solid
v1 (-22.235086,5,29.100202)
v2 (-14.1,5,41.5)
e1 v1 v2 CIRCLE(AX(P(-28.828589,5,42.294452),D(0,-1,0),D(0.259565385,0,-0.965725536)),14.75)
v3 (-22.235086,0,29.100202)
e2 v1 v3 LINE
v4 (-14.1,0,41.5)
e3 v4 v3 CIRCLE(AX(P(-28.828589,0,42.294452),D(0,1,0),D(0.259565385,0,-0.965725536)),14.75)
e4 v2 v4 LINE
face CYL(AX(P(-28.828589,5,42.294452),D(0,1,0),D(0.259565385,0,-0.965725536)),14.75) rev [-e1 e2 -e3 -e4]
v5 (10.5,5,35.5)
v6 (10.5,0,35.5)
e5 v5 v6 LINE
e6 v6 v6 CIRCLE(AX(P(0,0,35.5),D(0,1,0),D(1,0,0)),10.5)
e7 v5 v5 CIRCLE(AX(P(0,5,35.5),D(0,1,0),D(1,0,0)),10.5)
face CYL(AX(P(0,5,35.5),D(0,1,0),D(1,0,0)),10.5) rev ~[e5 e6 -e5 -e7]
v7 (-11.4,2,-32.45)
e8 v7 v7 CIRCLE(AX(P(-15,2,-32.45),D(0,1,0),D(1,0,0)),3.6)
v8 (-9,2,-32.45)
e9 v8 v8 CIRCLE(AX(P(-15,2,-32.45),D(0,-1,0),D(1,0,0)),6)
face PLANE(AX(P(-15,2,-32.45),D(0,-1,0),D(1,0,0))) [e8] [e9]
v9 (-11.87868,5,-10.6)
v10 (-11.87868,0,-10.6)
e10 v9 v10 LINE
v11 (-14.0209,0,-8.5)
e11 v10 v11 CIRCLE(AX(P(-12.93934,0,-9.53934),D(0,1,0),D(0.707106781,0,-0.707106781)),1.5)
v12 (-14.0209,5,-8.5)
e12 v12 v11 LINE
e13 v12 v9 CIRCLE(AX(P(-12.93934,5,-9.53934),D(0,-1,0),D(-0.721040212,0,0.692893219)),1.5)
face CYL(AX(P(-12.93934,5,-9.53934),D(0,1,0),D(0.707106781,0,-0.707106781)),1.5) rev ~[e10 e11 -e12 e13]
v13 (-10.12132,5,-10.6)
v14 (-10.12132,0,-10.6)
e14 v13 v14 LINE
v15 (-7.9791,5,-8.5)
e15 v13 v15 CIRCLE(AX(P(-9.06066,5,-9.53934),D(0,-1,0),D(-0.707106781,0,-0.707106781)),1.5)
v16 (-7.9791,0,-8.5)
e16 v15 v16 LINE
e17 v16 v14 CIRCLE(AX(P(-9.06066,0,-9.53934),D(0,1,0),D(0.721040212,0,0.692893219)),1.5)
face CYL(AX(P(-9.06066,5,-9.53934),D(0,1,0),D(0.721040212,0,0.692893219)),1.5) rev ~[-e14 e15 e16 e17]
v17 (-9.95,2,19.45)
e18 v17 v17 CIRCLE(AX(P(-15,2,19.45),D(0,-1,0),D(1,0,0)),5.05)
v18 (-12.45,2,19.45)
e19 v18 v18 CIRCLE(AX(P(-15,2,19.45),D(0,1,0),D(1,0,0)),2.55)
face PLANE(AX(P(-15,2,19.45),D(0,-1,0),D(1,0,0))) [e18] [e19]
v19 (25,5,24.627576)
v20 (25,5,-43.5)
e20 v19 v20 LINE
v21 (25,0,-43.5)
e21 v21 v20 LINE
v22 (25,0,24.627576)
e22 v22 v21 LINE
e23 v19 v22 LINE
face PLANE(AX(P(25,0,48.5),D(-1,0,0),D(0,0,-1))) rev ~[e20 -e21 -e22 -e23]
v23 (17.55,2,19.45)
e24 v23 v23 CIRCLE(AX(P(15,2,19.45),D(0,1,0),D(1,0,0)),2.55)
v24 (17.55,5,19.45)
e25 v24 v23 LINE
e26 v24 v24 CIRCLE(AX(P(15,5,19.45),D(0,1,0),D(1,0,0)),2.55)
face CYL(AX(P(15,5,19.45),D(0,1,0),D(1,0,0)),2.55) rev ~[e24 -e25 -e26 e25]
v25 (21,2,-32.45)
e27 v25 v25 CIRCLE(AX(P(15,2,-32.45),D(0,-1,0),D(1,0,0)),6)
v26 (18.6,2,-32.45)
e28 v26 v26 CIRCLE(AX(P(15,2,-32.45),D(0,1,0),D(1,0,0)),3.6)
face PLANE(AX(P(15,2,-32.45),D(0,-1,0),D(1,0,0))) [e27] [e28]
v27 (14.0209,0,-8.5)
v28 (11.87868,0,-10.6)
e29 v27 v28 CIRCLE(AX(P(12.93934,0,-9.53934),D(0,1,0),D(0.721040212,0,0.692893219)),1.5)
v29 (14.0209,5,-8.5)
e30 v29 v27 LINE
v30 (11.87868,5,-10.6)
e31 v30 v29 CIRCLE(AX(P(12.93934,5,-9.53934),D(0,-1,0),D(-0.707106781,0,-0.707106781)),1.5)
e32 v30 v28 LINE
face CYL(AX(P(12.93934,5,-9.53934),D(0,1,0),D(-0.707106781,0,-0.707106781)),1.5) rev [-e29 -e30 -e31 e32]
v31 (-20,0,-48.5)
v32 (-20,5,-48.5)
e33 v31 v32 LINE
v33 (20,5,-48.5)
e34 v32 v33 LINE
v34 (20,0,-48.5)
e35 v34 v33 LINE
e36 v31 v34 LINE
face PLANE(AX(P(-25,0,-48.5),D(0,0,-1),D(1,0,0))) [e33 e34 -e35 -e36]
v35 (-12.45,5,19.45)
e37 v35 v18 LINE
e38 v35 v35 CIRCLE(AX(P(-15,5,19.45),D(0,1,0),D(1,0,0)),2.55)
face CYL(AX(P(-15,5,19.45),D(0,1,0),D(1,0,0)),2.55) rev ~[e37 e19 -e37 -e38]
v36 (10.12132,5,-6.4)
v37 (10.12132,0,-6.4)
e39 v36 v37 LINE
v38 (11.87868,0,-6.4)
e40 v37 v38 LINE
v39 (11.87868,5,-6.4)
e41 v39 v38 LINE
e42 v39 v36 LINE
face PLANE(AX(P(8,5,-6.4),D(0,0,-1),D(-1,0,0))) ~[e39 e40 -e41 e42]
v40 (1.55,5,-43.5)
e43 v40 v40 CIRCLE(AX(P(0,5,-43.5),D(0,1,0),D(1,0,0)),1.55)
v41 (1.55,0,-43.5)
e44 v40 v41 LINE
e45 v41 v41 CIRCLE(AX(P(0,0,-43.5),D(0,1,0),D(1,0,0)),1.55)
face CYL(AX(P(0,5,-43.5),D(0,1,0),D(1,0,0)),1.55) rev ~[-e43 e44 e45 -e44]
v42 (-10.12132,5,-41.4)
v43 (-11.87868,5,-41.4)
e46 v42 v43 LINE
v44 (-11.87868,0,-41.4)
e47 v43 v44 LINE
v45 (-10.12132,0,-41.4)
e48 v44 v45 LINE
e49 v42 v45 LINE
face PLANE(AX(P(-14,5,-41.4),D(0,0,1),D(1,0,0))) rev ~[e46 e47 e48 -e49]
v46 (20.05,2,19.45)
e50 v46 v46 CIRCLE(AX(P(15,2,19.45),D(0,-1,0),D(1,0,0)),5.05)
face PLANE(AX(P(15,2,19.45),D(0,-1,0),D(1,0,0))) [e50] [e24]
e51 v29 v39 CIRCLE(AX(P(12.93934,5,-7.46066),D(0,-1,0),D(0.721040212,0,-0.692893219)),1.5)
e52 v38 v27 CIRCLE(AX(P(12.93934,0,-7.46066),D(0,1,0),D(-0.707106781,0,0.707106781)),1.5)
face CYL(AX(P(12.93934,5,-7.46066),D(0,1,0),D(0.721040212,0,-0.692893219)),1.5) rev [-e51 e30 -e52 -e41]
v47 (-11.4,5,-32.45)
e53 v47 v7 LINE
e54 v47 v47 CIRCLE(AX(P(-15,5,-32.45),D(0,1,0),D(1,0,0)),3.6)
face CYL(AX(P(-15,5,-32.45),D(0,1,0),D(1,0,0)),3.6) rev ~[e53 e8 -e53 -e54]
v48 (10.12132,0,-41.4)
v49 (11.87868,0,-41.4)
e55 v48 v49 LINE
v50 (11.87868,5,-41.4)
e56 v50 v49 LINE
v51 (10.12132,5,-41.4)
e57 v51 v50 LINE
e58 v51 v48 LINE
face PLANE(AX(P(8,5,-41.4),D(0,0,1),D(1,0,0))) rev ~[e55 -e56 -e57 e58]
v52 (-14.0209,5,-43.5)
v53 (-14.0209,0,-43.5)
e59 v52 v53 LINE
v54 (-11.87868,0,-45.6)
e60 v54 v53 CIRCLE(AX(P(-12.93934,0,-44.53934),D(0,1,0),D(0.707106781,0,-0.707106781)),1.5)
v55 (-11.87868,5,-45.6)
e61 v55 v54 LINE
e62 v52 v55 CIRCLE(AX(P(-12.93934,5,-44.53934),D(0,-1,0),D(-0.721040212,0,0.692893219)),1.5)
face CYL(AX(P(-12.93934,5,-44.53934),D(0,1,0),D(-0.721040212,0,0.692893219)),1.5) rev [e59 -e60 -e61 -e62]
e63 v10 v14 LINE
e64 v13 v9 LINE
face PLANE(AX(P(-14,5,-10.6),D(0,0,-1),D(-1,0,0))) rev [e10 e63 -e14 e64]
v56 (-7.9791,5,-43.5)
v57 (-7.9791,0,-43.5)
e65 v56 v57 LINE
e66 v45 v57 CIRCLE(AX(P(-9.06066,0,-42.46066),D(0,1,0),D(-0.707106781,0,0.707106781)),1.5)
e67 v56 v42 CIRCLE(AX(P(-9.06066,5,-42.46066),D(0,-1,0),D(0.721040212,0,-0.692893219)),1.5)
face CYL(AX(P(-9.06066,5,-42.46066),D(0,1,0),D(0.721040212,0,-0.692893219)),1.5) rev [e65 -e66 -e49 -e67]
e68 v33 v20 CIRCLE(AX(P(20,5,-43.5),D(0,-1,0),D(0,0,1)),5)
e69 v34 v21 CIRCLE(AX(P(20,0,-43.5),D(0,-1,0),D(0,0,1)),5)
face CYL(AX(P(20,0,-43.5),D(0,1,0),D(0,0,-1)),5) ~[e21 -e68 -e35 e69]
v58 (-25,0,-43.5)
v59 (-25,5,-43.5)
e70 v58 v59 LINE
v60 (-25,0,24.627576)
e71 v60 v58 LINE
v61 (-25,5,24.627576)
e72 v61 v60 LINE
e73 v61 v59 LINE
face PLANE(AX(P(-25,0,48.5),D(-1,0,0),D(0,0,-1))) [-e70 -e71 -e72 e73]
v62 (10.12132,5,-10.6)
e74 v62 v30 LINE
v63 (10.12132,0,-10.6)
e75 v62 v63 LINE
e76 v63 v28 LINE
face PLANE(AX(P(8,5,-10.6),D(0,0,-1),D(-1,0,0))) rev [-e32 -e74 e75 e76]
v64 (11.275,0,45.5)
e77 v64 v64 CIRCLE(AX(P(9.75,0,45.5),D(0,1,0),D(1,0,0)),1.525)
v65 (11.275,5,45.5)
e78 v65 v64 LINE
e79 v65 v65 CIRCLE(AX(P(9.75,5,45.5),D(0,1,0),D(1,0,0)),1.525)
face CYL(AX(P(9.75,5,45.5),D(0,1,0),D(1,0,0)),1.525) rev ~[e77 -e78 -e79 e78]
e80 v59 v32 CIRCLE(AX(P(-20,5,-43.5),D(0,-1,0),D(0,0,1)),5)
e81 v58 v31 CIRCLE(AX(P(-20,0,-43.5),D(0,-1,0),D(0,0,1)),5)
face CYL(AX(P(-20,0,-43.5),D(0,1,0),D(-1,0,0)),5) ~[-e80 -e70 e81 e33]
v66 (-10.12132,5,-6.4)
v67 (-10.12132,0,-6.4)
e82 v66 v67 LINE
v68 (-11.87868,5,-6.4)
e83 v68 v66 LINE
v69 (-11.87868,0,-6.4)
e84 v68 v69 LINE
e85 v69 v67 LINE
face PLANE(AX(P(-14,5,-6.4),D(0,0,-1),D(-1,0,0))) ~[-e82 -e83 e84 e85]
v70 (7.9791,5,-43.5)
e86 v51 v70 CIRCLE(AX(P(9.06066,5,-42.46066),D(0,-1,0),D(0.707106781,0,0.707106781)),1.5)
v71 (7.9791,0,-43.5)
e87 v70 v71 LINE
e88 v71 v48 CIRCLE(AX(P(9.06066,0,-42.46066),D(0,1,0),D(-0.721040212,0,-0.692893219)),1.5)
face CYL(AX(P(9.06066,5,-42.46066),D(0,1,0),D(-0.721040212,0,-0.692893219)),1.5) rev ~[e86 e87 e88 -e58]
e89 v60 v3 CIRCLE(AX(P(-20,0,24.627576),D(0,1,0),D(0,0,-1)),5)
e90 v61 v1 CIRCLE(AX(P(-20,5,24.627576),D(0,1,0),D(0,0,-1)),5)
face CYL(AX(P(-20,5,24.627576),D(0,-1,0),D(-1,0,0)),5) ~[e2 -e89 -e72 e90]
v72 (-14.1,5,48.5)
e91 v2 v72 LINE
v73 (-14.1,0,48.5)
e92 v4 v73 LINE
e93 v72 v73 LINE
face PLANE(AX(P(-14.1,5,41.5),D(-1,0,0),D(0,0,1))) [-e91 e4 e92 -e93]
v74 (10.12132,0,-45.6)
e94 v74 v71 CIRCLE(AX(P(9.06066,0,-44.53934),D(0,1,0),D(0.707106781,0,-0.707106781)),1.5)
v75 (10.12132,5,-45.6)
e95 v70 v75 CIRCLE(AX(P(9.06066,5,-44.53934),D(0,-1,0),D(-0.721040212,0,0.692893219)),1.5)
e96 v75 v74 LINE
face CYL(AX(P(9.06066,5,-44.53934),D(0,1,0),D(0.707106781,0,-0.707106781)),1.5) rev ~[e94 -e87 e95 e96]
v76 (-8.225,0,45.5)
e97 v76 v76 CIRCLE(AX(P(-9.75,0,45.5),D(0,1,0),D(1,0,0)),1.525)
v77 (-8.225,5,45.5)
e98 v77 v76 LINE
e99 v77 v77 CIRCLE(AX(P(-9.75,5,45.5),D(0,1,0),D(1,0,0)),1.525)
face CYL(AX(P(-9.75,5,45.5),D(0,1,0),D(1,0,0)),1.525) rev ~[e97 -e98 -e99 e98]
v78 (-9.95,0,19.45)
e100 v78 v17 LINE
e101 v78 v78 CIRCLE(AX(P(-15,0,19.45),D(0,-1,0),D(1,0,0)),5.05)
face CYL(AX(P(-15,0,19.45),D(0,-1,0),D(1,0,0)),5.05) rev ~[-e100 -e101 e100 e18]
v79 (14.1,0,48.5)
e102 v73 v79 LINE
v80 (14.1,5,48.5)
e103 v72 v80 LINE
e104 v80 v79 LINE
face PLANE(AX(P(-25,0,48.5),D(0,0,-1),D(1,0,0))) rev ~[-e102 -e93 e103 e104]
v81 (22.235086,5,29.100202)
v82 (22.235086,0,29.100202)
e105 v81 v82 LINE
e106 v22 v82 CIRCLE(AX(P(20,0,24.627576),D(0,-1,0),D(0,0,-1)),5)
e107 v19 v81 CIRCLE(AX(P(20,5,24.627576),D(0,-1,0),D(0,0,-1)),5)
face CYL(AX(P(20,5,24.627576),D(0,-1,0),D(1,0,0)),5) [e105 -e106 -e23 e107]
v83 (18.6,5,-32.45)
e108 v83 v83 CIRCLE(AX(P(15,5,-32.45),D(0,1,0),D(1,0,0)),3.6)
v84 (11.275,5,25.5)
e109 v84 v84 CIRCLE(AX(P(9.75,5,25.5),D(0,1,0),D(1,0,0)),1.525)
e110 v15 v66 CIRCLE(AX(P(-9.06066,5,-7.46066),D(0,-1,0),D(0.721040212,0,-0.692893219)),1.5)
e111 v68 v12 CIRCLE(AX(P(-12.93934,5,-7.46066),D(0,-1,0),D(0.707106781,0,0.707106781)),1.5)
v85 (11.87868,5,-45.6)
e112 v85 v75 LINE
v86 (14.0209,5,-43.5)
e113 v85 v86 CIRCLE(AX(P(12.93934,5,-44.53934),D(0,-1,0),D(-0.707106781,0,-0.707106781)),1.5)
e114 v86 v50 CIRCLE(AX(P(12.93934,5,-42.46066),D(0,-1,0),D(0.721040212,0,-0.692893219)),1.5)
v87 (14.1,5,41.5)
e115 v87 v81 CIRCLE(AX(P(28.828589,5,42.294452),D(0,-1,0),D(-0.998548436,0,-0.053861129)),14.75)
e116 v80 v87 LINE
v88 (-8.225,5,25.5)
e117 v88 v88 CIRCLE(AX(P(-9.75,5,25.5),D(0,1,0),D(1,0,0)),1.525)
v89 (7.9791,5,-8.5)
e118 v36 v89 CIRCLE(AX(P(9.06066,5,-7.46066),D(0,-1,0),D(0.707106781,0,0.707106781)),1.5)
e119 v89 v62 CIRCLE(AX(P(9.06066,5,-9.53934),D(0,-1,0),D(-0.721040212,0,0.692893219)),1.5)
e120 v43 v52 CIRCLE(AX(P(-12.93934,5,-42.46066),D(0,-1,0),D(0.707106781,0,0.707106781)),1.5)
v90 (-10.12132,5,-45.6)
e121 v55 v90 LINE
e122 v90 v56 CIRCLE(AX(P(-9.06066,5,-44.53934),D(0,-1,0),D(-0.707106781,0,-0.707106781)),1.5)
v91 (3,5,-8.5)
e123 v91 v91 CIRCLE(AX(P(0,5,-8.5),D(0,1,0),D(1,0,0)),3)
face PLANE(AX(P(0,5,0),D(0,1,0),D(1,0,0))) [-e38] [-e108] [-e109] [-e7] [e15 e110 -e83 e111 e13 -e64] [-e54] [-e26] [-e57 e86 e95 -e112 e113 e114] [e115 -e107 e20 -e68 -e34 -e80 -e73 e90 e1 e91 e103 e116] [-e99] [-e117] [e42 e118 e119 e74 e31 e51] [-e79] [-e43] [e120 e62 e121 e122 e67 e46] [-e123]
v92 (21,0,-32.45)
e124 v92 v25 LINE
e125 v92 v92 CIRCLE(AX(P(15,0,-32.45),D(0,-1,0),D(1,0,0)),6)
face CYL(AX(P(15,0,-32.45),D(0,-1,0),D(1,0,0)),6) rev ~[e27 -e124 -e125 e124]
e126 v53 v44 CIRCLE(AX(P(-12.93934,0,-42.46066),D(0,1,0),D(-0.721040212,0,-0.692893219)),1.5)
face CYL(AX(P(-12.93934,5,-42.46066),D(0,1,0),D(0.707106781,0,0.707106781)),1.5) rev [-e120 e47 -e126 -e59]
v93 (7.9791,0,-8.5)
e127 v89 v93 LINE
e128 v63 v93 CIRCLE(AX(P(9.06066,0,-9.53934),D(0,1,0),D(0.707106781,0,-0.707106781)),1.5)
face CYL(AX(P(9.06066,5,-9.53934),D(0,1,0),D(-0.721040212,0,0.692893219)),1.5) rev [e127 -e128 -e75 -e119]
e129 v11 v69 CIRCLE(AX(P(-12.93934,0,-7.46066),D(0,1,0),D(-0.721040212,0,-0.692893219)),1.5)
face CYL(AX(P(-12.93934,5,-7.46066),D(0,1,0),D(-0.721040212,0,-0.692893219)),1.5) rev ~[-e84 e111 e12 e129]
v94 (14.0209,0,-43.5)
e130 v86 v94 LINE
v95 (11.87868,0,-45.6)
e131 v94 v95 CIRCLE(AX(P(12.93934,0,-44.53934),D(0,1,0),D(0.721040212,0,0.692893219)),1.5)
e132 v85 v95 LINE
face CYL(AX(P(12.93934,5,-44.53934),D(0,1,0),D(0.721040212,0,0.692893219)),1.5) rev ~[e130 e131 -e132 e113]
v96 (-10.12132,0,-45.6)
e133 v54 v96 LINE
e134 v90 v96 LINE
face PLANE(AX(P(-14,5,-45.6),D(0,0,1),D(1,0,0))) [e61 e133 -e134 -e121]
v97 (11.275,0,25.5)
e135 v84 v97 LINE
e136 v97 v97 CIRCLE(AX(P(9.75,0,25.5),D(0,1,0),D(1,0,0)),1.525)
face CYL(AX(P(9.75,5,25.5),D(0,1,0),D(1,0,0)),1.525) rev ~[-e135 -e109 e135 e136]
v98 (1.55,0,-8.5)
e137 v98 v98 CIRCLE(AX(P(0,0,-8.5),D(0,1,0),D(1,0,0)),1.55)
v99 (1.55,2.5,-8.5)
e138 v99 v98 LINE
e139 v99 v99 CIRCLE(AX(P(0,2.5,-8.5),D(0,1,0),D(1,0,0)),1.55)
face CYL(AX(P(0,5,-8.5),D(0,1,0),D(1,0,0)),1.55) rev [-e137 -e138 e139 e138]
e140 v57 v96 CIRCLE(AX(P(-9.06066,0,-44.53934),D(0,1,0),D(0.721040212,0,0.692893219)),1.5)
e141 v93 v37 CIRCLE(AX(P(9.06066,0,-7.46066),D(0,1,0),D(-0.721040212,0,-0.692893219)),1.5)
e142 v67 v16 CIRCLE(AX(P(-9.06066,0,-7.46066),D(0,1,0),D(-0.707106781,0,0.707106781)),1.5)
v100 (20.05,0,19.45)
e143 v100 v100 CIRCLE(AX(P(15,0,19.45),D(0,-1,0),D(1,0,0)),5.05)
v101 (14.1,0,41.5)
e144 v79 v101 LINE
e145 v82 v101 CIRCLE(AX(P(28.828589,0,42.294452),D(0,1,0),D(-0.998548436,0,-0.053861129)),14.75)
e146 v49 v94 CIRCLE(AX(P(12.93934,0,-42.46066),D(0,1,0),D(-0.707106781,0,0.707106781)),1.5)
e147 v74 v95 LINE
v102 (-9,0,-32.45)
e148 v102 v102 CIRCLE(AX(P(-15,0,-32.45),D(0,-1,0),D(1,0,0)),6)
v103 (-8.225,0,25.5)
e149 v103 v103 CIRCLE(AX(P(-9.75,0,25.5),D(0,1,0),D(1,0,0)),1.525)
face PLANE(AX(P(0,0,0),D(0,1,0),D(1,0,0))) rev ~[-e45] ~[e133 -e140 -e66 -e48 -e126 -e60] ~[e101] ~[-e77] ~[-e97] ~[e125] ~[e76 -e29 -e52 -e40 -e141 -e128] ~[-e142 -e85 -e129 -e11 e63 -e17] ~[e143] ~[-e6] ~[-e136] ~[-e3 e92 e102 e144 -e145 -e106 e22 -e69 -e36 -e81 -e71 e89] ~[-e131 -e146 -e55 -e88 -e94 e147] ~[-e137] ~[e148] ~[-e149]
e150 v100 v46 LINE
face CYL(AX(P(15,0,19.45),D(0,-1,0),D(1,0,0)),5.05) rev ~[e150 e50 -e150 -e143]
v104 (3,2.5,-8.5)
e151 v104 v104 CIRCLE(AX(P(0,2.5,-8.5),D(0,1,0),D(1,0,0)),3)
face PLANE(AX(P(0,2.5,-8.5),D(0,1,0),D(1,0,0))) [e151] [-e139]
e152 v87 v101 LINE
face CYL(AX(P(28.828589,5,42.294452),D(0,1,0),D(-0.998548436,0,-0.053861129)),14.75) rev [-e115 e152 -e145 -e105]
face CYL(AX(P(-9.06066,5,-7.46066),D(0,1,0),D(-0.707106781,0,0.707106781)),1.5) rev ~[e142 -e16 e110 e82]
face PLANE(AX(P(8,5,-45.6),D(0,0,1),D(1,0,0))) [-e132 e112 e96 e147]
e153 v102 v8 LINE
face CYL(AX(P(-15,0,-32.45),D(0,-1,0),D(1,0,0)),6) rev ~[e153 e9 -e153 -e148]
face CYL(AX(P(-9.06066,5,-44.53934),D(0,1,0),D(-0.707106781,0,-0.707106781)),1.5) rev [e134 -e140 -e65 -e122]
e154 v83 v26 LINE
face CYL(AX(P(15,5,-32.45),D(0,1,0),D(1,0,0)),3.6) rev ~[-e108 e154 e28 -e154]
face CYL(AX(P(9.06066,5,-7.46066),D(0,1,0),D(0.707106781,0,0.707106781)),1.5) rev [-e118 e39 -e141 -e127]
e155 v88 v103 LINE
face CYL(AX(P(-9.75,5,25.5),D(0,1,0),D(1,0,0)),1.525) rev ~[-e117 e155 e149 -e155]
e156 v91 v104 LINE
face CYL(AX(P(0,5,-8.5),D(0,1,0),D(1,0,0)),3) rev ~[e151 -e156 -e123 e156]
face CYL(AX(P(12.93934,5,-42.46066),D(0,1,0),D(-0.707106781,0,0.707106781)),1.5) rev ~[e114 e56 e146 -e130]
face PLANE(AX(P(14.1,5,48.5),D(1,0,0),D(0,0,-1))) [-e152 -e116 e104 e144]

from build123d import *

# Parameters (mm, degrees)
CROQUIS1_W              = 50
CROQUIS1_H              = 97
SALIENTE_EXTRUIR1_DEPTH = 5
CORTAR_EXTRUIR1_DEPTH   = 6
CROQUIS2_R              = 3.6
CROQUIS2_R_2            = 2.55
CORTAR_EXTRUIR2_DEPTH   = 6
CROQUIS4_R              = 6
CROQUIS4_R_2            = 5.05
CORTAR_EXTRUIR3_DEPTH   = 2
REDONDEO1_R             = 5
CROQUIS5_R              = 1.55
CROQUIS5_W              = 6
CROQUIS5_H              = 4.2
CORTAR_EXTRUIR4_DEPTH   = 6
CORTAR_EXTRUIR6_DEPTH   = 6
CROQUIS14_R             = 3
CORTAR_EXTRUIR9_DEPTH   = 2.5
CROQUIS18_R             = 10.5
CROQUIS18_R_2           = 1.525
CORTAR_EXTRUIR10_DEPTH  = 6


with BuildPart() as part:
    # Croquis1 → Saliente-Extruir1 (new body)
    with BuildSketch(Plane(origin=(0, 0, 0), x_dir=(1, 0, 0), z_dir=(0, 1, 0))):
        Rectangle(CROQUIS1_W, CROQUIS1_H)
    extrude(amount=SALIENTE_EXTRUIR1_DEPTH)

    # Croquis3 → Cortar-Extruir1 (cut, through all)
    with BuildSketch(Plane(origin=(0, 5, 0), x_dir=(1, 0, 0), z_dir=(0, 1, 0))):
        with BuildLine():
            Line((-14.1, -41.5), (-14.1, -48.5))
            Line((-14.1, -48.5), (-25, -48.5))
            Line((-25, -48.5), (-25, -28.05))
            ThreePointArc((-25, -28.05), (-17.369189497, -33.007651712), (-14.1, -41.5))
        make_face()
        with BuildLine():
            Line((25, -48.5), (14.1, -48.5))
            Line((14.1, -48.5), (14.1, -41.5))
            ThreePointArc((14.1, -41.5), (17.369189497, -33.007651712), (25, -28.05))
            Line((25, -28.05), (25, -48.5))
        make_face()
    extrude(amount=-CORTAR_EXTRUIR1_DEPTH, mode=Mode.SUBTRACT)

    # Croquis2 → Cortar-Extruir2 (cut, through all)
    with BuildSketch(Plane(origin=(0, 5, 0), x_dir=(1, 0, 0), z_dir=(0, 1, 0))):
        with Locations((-15, 32.45)):
            Circle(CROQUIS2_R)
        with Locations((15, 32.45)):
            Circle(CROQUIS2_R)
        with Locations((15, -19.45)):
            Circle(CROQUIS2_R_2)
        with Locations((-15, -19.45)):
            Circle(CROQUIS2_R_2)
    extrude(amount=-CORTAR_EXTRUIR2_DEPTH, mode=Mode.SUBTRACT)

    # Croquis4 → Cortar-Extruir3 (cut)
    with BuildSketch(Plane.XZ):
        with Locations((15, -32.45)):
            Circle(CROQUIS4_R)
        with Locations((-15, -32.45)):
            Circle(CROQUIS4_R)
        with Locations((-15, 19.45)):
            Circle(CROQUIS4_R_2)
        with Locations((15, 19.45)):
            Circle(CROQUIS4_R_2)
    extrude(amount=-CORTAR_EXTRUIR3_DEPTH, mode=Mode.SUBTRACT)

    # Redondeo1
    redondeo1_edges = [part.edges().sort_by_distance(p)[0] for p in [
        (-25, 2.5, 28.05),
        (25, 2.5, 28.05),
        (-25, 2.5, -48.5),
        (25, 2.5, -48.5),
    ]]
    fillet(redondeo1_edges, radius=REDONDEO1_R)

    # Croquis5 → Cortar-Extruir4 (cut, through all)
    with BuildSketch(Plane(origin=(0, 5, 0), x_dir=(1, 0, 0), z_dir=(0, 1, 0))):
        with Locations((0, 43.5)):
            Circle(CROQUIS5_R)
        with Locations((-11, 43.5)):
            Rectangle(CROQUIS5_W, CROQUIS5_H)
        with Locations((11, 43.5)):
            Rectangle(CROQUIS5_W, CROQUIS5_H)
    cortar_extruir4 = extrude(amount=-CORTAR_EXTRUIR4_DEPTH, mode=Mode.SUBTRACT)

    # Croquis8 → Cortar-Extruir6 (cut, through all)
    with BuildSketch(Plane(origin=(0, 5, 0), x_dir=(1, 0, 0), z_dir=(0, 1, 0))):
        with BuildLine():
            Line((-11.878679656, 45.6), (-10.121320344, 45.6))
            ThreePointArc((-10.121320344, 45.6), (-8.010608171, 45.610503119), (-7.979099854, 43.5))
            ThreePointArc((-7.979099854, 43.5), (-8.010608171, 41.389496881), (-10.121320344, 41.4))
            Line((-10.121320344, 41.4), (-11.878679656, 41.4))
            ThreePointArc((-11.878679656, 41.4), (-13.989391829, 41.389496881), (-14.020900146, 43.5))
            ThreePointArc((-14.020900146, 43.5), (-13.989391829, 45.610503119), (-11.878679656, 45.6))
        make_face()
        with BuildLine():
            Line((10.121320344, 41.4), (11.878679656, 41.4))
            ThreePointArc((11.878679656, 41.4), (13.989391829, 41.389496881), (14.020900146, 43.5))
            ThreePointArc((14.020900146, 43.5), (13.989391829, 45.610503119), (11.878679656, 45.6))
            Line((11.878679656, 45.6), (10.121320344, 45.6))
            ThreePointArc((10.121320344, 45.6), (8.010608171, 45.610503119), (7.979099854, 43.5))
            ThreePointArc((7.979099854, 43.5), (8.010608171, 41.389496881), (10.121320344, 41.4))
        make_face()
    cortar_extruir6 = extrude(amount=-CORTAR_EXTRUIR6_DEPTH, mode=Mode.SUBTRACT)

    # Simetría1: Cortar-Extruir4, Cortar-Extruir6 across plane
    add(cortar_extruir4.mirror(Plane.XY.offset(-26)), mode=Mode.SUBTRACT)
    add(cortar_extruir6.mirror(Plane.XY.offset(-26)), mode=Mode.SUBTRACT)

    # Croquis14 → Cortar-Extruir9 (cut)
    with BuildSketch(Plane(origin=(0, 5, 0), x_dir=(1, 0, 0), z_dir=(0, 1, 0))):
        with Locations((0, 8.5)):
            Circle(CROQUIS14_R)
    extrude(amount=-CORTAR_EXTRUIR9_DEPTH, mode=Mode.SUBTRACT)

    # Croquis18 → Cortar-Extruir10 (cut, through all)
    with BuildSketch(Plane(origin=(0, 5, 0), x_dir=(1, 0, 0), z_dir=(0, 1, 0))):
        with Locations((0, -35.5)):
            Circle(CROQUIS18_R)
        with Locations((9.75, -45.5)):
            Circle(CROQUIS18_R_2)
        with Locations((-9.75, -45.5)):
            Circle(CROQUIS18_R_2)
        with Locations((9.75, -25.5)):
            Circle(CROQUIS18_R_2)
        with Locations((-9.75, -25.5)):
            Circle(CROQUIS18_R_2)
    extrude(amount=-CORTAR_EXTRUIR10_DEPTH, mode=Mode.SUBTRACT)


solid = part.part
